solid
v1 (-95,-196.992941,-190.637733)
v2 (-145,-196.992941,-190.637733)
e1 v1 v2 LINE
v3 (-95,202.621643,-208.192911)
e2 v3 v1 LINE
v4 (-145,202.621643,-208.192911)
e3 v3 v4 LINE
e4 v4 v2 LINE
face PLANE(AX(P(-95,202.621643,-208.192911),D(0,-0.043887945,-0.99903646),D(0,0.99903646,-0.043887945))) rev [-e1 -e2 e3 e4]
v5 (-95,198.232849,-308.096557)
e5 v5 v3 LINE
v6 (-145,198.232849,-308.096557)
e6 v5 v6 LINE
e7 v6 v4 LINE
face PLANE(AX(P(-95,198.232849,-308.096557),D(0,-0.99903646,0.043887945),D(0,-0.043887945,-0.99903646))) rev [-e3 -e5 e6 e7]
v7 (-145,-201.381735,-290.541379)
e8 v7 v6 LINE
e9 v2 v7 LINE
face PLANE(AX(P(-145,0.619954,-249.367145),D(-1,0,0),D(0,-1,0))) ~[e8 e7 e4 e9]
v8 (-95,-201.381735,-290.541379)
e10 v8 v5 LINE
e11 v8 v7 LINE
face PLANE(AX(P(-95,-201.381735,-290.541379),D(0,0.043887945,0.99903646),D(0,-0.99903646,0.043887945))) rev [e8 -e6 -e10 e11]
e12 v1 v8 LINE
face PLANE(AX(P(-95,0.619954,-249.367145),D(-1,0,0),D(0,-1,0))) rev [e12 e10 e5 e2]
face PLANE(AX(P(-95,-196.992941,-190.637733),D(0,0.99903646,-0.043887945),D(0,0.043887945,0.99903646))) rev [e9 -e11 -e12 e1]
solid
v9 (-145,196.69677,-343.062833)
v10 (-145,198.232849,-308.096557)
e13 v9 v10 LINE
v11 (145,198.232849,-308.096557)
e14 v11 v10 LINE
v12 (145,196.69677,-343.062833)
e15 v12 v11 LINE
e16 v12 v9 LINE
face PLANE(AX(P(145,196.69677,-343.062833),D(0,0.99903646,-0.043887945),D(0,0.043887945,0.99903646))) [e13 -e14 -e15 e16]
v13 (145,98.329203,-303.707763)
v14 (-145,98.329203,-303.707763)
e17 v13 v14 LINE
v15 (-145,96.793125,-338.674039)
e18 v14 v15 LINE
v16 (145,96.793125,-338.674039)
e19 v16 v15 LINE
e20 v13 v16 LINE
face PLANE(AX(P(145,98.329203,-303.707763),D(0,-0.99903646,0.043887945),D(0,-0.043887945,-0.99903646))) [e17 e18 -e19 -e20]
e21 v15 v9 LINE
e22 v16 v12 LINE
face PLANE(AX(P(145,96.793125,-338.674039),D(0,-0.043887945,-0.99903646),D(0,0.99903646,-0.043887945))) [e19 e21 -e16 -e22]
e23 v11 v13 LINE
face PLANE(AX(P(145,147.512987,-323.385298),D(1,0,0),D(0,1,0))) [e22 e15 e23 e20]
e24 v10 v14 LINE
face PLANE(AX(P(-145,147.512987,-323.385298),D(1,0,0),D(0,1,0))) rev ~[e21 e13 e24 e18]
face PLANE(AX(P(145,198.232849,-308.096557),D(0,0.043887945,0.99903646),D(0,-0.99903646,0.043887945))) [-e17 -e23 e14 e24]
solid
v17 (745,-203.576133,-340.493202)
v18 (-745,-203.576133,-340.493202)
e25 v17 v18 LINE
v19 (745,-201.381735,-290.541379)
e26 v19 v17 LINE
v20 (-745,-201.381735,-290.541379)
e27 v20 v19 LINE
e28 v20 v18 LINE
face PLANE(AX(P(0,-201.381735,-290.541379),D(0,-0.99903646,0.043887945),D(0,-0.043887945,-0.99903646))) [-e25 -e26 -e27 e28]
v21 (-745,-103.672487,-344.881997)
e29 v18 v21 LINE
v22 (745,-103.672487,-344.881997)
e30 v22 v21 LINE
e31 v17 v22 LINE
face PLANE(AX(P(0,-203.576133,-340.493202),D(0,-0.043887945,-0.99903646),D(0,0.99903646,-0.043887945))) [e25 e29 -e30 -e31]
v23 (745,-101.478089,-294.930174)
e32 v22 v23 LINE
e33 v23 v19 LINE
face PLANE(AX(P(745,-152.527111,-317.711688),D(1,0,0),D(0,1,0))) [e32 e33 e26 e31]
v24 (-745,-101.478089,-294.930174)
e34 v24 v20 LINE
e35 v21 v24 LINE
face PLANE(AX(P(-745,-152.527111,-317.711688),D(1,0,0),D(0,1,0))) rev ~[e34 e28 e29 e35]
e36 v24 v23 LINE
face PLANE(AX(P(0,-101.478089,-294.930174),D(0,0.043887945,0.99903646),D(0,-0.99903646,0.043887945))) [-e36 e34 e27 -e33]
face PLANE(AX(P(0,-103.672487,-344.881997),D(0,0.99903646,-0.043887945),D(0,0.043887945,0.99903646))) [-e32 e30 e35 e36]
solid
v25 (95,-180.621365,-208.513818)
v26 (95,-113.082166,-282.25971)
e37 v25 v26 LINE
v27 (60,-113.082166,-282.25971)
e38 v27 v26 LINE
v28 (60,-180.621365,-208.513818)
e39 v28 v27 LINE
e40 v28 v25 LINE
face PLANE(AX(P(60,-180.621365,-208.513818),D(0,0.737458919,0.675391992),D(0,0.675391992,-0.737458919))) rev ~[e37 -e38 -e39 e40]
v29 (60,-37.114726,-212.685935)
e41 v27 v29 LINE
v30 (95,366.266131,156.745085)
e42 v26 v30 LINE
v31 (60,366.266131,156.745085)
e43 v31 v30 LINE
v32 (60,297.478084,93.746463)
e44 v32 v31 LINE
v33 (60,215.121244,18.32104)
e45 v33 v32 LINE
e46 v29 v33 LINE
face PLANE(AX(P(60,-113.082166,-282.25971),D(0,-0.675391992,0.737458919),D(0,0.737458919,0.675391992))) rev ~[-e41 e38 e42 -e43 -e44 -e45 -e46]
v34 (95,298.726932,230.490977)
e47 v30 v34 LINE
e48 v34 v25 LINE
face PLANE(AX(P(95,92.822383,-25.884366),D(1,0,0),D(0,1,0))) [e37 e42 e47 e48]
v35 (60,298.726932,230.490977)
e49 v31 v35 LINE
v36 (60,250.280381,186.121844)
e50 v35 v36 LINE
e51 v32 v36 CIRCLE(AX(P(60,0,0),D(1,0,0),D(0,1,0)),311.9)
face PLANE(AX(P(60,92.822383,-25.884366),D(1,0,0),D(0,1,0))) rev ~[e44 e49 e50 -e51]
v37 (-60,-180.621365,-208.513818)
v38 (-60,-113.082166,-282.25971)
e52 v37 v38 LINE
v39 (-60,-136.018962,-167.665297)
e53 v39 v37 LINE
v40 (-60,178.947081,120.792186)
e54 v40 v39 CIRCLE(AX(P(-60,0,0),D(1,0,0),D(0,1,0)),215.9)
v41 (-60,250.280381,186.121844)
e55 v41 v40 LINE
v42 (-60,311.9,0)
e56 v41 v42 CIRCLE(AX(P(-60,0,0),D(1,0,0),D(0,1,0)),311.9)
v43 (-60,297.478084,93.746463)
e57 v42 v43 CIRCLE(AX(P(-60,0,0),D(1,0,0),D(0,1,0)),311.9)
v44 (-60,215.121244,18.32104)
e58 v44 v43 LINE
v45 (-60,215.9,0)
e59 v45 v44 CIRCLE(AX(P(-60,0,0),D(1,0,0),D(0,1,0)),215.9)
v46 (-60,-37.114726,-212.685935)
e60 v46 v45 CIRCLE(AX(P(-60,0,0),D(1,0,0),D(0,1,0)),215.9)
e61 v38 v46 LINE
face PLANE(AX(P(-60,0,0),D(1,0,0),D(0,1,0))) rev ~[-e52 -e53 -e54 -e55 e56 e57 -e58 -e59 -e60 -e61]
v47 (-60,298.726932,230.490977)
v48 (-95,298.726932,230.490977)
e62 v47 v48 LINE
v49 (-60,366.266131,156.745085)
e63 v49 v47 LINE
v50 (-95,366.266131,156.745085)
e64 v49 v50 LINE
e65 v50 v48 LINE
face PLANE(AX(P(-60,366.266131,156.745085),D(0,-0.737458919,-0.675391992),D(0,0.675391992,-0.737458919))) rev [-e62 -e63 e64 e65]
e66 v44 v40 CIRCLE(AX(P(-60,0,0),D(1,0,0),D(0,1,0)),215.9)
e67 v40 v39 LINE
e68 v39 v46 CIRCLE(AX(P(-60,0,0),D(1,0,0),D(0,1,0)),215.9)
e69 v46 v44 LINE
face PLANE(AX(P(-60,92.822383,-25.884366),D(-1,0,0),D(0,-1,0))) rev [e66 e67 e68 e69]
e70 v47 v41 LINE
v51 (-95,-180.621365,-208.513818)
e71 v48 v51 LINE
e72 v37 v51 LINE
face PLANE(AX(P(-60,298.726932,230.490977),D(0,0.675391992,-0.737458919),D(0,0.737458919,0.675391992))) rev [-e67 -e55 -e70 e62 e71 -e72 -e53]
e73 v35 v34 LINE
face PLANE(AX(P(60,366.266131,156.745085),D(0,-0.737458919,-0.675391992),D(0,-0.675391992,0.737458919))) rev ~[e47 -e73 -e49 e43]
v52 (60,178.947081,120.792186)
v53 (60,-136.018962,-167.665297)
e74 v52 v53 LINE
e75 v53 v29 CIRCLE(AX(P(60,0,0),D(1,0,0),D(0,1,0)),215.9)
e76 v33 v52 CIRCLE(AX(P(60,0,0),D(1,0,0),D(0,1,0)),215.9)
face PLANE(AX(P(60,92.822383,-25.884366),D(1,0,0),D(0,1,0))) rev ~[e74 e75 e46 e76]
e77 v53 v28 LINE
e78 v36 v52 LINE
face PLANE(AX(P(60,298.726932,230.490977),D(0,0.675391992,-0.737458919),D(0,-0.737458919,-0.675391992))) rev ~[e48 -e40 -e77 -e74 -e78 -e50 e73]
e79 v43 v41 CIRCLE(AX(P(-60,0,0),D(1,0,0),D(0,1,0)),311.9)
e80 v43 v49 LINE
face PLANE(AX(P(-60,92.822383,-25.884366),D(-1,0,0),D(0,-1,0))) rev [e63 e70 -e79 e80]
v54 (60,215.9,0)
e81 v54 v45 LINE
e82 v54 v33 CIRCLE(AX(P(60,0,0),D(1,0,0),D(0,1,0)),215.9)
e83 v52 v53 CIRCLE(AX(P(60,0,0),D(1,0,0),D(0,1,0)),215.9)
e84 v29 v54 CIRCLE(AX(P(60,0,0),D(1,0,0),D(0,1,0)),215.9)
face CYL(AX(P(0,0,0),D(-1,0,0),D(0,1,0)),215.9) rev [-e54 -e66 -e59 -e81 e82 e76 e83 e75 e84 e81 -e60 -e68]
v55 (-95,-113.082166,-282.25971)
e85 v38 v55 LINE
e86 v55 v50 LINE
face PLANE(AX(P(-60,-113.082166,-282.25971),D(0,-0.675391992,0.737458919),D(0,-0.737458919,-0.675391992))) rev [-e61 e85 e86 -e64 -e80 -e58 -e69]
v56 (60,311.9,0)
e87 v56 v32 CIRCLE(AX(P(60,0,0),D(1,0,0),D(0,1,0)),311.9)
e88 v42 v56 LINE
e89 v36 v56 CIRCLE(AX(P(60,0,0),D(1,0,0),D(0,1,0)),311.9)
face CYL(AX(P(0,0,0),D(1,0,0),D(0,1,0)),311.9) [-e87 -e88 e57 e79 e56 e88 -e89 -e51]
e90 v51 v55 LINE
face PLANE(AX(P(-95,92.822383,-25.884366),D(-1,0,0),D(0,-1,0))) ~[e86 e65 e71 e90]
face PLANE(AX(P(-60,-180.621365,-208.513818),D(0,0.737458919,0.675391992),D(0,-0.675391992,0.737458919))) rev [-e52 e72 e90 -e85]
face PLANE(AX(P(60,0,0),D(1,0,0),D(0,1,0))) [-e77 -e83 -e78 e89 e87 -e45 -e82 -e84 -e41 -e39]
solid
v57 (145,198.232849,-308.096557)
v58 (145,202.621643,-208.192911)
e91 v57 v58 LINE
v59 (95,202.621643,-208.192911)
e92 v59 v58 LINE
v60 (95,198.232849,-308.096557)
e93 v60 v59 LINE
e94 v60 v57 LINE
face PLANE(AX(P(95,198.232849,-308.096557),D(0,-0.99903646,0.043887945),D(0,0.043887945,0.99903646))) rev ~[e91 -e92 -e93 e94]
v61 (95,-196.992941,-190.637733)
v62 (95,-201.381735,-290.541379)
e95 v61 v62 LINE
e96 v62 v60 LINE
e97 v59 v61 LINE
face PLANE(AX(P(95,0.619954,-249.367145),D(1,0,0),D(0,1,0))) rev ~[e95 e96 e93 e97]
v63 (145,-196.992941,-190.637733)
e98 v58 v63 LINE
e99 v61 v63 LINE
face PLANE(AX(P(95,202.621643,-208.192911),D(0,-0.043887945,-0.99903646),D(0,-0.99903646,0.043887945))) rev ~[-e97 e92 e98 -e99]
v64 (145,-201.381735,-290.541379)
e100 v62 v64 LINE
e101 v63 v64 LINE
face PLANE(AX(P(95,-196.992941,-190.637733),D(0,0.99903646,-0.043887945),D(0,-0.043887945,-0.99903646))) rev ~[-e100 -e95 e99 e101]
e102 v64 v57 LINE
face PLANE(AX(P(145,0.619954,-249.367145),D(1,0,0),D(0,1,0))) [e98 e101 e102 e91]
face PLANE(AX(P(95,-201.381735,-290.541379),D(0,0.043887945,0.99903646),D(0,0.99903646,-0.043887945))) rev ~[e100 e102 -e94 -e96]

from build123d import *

# Parameters (mm, degrees)
F0_R      = 311.9
F0_R_2    = 215.9
F1_DEPTH  = 60
F3_DEPTH  = 745
F5_DEPTH  = 35
F8_DEPTH  = 50
F11_DEPTH = 290


with BuildPart() as f1:
    # F0 (on Right) → F1 (new body, symmetric)
    with BuildSketch(Plane.YZ):
        Circle(F0_R)
        Circle(F0_R_2, mode=Mode.SUBTRACT)
    extrude(amount=F1_DEPTH, both=True)



with BuildPart() as f3:
    # F2 (on Right) → F3 (new body, symmetric)
    with BuildSketch(Plane.YZ):
        Polygon((-103.6724866617, -344.8819967158), (-101.4780894085, -294.9301737191), (-201.381735402, -290.5413792128), (-203.5761326551, -340.4932022095), align=None)
    extrude(amount=F3_DEPTH, both=True)


with BuildPart() as f5:
    # F4 (on face) → F5 (new body)
    with BuildSketch(Plane.YZ.offset(60)):
        Polygon((298.7269320486, 230.4909768651), (-180.6213653268, -208.5138178733), (-113.0821661363, -282.2597097772), (366.2661312391, 156.7450849612), align=None)
    extrude(amount=F5_DEPTH)


with BuildPart() as f1_1:
    add(f1.part)

    add(f5.part)  # F6 merges F5
    # F6: F5 across plane
    add(f5.part.mirror(Plane.YZ))


with BuildPart() as f8:
    # F7 (on face) → F8 (new body)
    with BuildSketch(Plane.YZ.offset(95)):
        Polygon((-201.381735402, -290.5413792128), (-101.4780894085, -294.9301737191), (198.2328485718, -308.0965572382), (202.6216430781, -208.1929112448), (-196.9929408956, -190.6377332193), align=None)
    extrude(amount=F8_DEPTH)


with BuildPart() as f9_1:
    # F9: instance of F8
    add(f8.part.mirror(Plane.YZ))


with BuildPart() as f11:
    # F10 (on face) → F11 (new body, through all)
    with BuildSketch(Plane.YZ.offset(145)):
        Polygon((198.2328485718, -308.0965572382), (98.3292025783, -303.7077627319), (96.7931245011, -338.6740388296), (196.6967704945, -343.0628333359), align=None)
    extrude(amount=-F11_DEPTH)


solid = Compound([f3.part, f1_1.part, f8.part, f9_1.part, f11.part])
